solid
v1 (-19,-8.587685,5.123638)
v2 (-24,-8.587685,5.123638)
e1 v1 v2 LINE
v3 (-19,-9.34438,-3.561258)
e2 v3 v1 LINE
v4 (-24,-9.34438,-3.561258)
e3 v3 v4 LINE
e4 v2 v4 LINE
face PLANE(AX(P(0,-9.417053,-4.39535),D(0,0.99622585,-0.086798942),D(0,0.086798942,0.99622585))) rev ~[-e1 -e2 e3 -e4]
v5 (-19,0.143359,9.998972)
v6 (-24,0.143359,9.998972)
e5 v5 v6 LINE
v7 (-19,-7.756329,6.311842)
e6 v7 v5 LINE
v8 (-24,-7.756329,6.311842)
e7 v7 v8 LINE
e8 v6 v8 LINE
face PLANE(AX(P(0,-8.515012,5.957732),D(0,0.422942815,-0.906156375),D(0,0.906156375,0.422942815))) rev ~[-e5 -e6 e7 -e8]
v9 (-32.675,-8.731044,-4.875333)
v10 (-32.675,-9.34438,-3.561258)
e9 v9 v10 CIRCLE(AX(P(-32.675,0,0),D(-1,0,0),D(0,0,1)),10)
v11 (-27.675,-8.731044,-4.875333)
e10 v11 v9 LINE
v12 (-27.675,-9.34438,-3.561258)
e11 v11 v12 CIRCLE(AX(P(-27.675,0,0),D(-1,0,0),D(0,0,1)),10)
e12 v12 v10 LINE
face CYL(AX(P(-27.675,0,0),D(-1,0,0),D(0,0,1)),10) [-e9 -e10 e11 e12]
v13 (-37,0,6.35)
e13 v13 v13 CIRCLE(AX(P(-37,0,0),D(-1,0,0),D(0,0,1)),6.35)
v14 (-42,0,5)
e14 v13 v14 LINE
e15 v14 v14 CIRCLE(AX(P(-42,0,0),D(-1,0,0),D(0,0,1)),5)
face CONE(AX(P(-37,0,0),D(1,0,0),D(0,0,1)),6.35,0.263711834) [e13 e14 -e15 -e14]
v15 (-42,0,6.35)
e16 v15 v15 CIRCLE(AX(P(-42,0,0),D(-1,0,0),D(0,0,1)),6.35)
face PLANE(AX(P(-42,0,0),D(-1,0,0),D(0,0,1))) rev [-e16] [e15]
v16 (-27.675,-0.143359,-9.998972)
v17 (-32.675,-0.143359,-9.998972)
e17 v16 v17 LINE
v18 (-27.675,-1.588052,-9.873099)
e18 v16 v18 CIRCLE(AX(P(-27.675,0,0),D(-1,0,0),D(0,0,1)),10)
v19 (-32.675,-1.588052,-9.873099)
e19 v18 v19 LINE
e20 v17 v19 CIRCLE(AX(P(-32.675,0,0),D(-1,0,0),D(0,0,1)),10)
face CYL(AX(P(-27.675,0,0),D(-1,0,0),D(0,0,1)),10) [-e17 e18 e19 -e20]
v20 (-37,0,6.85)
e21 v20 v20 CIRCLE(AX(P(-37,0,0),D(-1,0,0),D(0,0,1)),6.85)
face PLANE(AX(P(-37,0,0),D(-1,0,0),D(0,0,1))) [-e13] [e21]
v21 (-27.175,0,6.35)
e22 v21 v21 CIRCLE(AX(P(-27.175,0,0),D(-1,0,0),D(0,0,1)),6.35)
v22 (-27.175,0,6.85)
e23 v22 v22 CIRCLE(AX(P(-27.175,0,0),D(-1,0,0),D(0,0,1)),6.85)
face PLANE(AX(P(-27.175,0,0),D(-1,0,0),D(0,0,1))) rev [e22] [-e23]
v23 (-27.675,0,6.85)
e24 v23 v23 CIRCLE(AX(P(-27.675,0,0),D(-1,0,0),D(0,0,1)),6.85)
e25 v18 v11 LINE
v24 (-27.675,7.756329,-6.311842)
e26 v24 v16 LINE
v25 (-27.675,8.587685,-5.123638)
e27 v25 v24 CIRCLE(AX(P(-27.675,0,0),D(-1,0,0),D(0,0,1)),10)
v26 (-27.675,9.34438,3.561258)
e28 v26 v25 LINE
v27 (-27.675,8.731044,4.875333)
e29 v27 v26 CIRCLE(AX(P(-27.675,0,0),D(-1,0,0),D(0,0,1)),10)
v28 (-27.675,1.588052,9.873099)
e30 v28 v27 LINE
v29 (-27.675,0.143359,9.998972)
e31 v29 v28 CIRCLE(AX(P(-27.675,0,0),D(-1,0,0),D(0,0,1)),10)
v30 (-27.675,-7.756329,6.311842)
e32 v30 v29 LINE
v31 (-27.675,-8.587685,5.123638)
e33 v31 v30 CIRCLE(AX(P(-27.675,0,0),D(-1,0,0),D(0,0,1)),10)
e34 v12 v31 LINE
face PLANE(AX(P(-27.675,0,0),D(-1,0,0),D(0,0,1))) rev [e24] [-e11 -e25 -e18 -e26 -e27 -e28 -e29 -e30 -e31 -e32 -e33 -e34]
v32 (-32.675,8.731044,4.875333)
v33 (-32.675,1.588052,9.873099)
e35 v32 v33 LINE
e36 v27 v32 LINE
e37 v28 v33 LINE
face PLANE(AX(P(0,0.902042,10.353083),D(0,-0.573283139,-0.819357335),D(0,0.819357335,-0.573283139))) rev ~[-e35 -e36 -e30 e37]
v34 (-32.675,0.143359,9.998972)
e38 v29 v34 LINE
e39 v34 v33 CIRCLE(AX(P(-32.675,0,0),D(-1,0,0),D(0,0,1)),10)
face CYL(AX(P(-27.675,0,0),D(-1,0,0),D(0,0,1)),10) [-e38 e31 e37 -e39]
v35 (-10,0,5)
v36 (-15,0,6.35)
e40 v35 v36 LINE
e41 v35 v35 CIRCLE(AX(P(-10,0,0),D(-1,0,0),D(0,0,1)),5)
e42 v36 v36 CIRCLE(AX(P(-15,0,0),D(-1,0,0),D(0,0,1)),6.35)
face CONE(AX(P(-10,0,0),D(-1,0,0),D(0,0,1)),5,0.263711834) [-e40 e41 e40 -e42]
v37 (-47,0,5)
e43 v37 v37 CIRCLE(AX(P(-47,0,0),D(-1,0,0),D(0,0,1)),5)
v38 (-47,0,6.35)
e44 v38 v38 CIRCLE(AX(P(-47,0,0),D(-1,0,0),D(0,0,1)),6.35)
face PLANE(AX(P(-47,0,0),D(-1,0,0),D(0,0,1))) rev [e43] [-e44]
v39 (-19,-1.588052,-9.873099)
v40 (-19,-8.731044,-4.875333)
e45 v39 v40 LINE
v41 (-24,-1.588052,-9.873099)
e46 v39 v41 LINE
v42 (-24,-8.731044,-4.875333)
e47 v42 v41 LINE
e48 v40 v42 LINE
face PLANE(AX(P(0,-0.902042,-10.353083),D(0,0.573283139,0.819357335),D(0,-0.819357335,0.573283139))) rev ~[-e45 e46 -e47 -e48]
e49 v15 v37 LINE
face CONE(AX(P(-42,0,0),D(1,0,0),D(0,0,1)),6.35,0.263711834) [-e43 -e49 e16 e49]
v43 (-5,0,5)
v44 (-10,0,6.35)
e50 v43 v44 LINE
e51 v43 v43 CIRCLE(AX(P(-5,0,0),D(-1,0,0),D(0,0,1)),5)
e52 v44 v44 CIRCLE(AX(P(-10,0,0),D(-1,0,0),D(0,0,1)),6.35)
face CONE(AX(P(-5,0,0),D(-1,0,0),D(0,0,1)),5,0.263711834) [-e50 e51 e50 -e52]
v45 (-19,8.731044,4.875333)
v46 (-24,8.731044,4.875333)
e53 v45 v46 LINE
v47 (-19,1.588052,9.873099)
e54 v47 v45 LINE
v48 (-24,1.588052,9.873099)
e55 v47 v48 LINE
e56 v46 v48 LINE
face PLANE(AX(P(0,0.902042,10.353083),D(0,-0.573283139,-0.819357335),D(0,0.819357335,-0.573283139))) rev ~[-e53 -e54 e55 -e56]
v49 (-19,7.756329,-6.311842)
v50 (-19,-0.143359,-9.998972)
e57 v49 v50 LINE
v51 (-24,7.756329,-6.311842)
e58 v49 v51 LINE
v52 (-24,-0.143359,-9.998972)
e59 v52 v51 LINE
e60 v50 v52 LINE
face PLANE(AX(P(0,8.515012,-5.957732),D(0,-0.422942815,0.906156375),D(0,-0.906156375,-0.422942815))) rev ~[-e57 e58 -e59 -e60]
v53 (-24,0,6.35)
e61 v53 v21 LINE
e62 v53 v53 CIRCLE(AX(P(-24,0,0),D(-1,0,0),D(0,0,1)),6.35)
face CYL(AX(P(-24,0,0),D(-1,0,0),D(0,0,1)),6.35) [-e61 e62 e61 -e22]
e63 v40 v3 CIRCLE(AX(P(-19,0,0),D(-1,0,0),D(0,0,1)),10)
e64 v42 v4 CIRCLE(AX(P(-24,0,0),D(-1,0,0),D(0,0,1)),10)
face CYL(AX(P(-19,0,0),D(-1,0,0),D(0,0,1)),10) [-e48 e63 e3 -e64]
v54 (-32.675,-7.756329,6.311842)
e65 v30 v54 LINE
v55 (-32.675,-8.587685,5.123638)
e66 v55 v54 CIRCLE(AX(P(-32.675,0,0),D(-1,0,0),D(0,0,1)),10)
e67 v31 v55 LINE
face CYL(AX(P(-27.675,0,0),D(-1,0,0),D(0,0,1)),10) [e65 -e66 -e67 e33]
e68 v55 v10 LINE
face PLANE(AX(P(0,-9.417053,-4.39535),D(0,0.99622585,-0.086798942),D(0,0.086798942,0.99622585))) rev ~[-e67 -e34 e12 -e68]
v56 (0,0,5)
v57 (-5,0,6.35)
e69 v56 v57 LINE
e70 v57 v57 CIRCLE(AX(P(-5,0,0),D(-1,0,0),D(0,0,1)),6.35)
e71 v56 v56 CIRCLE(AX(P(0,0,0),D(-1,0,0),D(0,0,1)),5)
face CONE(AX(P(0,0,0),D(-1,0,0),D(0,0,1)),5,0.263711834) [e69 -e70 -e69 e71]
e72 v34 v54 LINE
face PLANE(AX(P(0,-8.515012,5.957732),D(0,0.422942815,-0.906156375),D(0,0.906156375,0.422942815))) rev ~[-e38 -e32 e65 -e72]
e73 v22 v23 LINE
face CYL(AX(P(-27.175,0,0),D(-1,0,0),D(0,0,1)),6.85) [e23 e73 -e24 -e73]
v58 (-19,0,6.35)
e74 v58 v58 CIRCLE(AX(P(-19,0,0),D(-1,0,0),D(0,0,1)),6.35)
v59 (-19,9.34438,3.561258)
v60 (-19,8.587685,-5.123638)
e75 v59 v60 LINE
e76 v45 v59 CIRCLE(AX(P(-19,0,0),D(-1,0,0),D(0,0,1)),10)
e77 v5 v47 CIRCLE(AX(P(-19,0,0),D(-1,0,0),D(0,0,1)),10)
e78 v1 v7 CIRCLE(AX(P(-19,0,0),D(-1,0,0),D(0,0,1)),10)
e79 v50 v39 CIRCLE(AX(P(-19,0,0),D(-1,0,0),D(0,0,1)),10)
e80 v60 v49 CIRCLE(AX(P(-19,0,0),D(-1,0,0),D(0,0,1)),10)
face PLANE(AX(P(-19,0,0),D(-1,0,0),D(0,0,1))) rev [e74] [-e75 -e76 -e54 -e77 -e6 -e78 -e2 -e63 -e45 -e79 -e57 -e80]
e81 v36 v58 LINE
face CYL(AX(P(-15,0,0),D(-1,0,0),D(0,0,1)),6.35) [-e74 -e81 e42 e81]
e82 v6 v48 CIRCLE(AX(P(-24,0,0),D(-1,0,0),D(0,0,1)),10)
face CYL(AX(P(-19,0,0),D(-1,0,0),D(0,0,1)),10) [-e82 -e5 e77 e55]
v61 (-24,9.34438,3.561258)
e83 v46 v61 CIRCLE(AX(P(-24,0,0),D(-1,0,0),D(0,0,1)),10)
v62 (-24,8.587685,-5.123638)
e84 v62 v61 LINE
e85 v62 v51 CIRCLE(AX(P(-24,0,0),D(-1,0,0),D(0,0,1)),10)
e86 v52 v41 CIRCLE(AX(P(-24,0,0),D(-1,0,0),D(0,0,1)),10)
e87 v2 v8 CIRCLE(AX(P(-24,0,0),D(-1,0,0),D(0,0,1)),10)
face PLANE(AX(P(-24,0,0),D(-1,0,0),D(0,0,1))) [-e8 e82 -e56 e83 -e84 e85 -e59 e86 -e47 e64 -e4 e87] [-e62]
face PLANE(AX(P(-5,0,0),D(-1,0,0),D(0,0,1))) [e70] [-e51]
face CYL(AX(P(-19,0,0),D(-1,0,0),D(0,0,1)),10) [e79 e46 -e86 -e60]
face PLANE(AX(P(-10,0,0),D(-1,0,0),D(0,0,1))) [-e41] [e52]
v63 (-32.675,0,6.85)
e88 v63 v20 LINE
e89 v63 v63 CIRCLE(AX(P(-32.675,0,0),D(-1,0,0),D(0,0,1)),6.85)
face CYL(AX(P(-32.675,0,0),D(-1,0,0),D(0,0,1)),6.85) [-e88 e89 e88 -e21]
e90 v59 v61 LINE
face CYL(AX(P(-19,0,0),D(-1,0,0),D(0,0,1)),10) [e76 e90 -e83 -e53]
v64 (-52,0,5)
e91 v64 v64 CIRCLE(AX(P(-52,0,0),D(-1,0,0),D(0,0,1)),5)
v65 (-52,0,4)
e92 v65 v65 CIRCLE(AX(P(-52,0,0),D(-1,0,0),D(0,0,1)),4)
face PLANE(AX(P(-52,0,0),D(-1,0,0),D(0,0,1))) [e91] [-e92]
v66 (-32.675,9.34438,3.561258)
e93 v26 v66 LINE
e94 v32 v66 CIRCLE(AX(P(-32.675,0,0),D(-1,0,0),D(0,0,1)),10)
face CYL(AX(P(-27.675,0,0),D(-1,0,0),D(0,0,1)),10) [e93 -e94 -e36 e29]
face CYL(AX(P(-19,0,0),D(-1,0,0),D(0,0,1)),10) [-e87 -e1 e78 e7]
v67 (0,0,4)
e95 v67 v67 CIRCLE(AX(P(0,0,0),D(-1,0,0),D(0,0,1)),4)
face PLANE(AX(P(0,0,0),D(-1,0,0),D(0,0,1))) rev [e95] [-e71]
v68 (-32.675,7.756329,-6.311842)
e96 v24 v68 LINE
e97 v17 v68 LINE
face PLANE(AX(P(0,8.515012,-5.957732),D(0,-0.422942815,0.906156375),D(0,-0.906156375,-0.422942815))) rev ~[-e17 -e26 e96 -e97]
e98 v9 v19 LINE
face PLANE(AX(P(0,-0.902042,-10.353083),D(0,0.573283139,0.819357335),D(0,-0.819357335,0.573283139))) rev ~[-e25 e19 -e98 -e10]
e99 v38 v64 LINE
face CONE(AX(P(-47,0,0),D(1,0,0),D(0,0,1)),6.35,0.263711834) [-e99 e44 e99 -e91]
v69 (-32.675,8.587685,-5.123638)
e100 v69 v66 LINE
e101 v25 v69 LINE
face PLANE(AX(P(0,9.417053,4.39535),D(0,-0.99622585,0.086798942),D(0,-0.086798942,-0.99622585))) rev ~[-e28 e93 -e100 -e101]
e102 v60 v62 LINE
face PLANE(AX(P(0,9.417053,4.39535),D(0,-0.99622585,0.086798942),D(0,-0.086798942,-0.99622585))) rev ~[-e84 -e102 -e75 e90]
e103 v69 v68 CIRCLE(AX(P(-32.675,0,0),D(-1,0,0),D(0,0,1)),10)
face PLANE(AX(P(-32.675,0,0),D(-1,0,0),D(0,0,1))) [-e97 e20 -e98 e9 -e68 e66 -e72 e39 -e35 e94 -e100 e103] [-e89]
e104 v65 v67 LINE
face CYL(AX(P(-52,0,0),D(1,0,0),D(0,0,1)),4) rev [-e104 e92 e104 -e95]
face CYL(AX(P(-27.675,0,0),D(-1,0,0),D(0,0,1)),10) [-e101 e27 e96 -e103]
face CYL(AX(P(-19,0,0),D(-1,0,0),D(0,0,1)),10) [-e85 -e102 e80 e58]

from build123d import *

# Parameters (mm, degrees)
F2_R     = 21.385833
F3_DEPTH = 50.9


with BuildPart() as f1:
    # F0 (on Front) → F1 (revolve)
    with BuildSketch(Plane.XZ):
        Polygon((-52, 5), (-52, 4), (0, 4), (0, 5), (-5, 6.35), (-5, 5), (-10, 6.35), (-10, 5), (-15, 6.35), (-19, 6.35), (-19, 10), (-24, 10), (-24, 6.35), (-27.175, 6.35), (-27.175, 6.85), (-27.675, 6.85), (-27.675, 10), (-32.675, 10), (-32.675, 6.85), (-37, 6.85), (-37, 6.35), (-42, 5), (-42, 6.35), (-47, 5), (-47, 6.35), align=None)
    revolve(axis=Axis((-26, 0, 0), (-1, 0, 0)))

    # F2 (on Right) → F3 (cut)
    with BuildSketch(Plane.YZ):
        Circle(F2_R)
        Polygon((0.902042, 10.353083), (9.417053, 4.39535), (8.515012, -5.957732), (-0.902042, -10.353083), (-9.417053, -4.39535), (-8.515012, 5.957732), align=None, mode=Mode.SUBTRACT)
    extrude(amount=-F3_DEPTH, mode=Mode.SUBTRACT)


solid = f1.part
